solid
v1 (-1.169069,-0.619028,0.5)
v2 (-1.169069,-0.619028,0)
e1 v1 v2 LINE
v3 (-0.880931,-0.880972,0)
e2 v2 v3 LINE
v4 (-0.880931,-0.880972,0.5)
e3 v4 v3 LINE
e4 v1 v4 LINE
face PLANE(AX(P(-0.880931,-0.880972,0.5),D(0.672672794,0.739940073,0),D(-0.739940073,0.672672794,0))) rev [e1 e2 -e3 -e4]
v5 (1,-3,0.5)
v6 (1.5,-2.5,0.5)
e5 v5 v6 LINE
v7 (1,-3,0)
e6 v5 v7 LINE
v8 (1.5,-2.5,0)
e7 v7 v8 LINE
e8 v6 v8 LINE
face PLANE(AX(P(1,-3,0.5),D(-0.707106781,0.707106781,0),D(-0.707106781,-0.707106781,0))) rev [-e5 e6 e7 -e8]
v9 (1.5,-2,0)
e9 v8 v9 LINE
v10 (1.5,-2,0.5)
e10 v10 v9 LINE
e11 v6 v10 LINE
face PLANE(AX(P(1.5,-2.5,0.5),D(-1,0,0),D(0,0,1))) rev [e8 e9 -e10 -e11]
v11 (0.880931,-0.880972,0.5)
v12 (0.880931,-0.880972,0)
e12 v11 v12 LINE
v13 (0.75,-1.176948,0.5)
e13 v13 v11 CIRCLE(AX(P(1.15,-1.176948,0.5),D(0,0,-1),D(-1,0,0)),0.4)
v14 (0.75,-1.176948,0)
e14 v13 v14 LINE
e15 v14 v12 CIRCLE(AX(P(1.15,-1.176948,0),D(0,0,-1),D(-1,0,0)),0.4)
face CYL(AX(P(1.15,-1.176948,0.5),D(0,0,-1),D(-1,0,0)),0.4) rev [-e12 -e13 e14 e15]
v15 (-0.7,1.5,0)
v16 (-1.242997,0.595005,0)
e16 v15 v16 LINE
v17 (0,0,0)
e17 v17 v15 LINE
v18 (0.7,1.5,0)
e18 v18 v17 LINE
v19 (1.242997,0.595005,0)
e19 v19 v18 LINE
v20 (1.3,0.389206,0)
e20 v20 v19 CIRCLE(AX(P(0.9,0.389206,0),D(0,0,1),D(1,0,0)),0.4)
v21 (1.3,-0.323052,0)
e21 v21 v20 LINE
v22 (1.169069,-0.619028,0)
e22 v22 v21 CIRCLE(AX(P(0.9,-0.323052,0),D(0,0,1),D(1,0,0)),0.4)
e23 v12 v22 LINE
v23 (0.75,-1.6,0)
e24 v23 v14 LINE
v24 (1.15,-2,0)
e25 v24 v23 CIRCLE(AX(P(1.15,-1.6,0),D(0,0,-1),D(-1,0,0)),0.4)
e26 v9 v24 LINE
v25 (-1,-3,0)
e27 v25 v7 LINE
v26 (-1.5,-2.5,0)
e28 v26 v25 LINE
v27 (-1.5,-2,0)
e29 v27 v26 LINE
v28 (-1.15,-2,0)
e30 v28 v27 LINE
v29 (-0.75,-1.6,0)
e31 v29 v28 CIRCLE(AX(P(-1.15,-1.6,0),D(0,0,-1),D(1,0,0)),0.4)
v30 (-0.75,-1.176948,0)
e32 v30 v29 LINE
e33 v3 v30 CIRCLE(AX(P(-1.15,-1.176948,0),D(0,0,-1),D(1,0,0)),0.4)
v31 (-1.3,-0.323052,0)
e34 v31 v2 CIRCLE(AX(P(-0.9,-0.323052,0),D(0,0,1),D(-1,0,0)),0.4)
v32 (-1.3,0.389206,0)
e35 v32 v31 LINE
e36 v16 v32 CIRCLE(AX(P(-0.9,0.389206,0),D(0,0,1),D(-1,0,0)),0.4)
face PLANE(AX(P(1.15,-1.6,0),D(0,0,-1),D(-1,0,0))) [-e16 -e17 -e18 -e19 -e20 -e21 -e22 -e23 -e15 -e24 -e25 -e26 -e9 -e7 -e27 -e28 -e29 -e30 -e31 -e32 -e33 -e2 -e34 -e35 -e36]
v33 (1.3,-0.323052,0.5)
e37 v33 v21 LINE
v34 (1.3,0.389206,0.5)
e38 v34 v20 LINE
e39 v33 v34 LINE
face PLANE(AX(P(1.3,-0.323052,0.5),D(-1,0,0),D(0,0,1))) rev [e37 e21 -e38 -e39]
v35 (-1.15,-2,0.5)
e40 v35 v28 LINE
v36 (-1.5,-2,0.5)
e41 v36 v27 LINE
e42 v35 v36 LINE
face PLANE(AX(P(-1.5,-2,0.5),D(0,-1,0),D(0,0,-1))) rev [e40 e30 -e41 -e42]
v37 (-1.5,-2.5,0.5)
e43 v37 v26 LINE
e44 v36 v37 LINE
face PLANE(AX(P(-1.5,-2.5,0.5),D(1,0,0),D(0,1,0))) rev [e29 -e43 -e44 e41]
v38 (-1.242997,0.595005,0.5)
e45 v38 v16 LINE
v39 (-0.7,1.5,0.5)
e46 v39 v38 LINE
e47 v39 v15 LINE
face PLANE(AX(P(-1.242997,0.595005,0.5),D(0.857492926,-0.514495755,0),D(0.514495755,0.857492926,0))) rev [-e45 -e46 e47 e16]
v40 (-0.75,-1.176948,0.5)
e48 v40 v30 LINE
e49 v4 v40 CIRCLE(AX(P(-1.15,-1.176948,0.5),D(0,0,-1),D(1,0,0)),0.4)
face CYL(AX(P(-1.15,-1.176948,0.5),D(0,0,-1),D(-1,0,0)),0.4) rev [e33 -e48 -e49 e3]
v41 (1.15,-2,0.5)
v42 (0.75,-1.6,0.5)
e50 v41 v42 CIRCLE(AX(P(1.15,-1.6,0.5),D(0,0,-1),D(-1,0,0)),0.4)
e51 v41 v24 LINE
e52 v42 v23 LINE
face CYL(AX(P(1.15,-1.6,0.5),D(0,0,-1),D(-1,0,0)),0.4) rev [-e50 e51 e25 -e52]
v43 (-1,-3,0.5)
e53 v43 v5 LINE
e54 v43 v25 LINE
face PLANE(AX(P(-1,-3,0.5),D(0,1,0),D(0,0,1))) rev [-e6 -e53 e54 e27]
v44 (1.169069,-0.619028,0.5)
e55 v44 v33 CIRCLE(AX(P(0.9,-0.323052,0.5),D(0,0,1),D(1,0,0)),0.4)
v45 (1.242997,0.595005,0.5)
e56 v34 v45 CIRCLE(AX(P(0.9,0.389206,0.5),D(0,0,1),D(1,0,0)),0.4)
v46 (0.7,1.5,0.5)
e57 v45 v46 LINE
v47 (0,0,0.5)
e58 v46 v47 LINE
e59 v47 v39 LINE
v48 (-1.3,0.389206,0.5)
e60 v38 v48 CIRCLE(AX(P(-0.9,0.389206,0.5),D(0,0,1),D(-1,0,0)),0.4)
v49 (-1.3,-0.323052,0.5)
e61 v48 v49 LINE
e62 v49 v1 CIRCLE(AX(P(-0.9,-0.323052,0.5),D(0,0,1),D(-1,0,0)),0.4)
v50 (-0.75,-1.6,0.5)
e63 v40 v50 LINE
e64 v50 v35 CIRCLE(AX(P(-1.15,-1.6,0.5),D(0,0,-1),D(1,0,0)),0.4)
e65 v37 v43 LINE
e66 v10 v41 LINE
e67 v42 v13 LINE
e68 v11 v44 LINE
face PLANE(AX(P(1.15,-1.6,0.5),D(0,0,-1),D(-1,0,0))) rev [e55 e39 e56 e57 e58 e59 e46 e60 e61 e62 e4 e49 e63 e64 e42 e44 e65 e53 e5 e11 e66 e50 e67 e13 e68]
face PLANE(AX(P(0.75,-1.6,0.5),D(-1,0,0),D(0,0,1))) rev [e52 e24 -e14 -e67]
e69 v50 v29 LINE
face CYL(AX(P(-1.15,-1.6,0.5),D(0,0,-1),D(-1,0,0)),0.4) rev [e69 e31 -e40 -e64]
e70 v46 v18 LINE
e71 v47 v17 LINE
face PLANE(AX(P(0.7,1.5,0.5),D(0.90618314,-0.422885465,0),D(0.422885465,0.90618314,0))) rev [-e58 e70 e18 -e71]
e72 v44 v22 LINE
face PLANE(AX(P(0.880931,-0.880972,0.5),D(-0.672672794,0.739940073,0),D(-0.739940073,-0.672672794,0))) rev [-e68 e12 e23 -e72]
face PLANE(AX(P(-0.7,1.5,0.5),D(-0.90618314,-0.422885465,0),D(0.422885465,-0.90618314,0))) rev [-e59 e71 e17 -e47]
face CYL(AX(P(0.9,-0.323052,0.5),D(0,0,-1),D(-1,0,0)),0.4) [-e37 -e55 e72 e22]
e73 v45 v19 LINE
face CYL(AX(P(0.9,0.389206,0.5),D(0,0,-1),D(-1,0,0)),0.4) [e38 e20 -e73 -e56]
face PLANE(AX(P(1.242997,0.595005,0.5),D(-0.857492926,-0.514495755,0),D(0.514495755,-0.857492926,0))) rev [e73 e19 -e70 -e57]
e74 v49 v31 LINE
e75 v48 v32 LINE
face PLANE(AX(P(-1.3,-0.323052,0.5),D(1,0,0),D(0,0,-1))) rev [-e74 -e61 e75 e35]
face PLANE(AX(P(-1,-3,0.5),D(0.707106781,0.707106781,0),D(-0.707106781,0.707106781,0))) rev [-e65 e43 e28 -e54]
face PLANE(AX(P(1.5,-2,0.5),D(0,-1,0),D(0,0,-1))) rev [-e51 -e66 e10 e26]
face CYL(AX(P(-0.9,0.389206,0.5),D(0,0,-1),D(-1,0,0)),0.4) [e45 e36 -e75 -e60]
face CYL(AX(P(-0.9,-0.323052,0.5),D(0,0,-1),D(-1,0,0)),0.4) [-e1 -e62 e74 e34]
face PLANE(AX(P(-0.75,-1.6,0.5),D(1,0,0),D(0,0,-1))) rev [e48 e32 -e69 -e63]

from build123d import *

# Parameters (mm, degrees)
ESTRUSIONE_ESTRUSIONE1_DEPTH = 0.5


with BuildPart() as part:
    # Schizzo1 → Estrusione-Estrusione1 (new body)
    with BuildSketch(Plane.XY):
        with BuildLine():
            Line((-1, -3), (1, -3))
            Line((1, -3), (1.5, -2.5))
            Line((1.5, -2.5), (1.5, -2))
            Line((1.5, -2), (1.15, -2))
            ThreePointArc((1.15, -2), (0.867157288, -1.882842712), (0.75, -1.6))
            Line((0.75, -1.6), (0.75, -1.176947954))
            ThreePointArc((0.75, -1.176947954), (0.784194282, -1.015126521), (0.880930882, -0.880971925))
            Line((0.880930882, -0.880971925), (1.169069118, -0.619028075))
            ThreePointArc((1.169069118, -0.619028075), (1.265805718, -0.484873479), (1.3, -0.323052046))
            Line((1.3, -0.323052046), (1.3, 0.389206414))
            ThreePointArc((1.3, 0.389206414), (1.285485971, 0.495979847), (1.24299717, 0.595004716))
            Line((1.24299717, 0.595004716), (0.7, 1.5))
            Line((0.7, 1.5), (0, 0))
            Line((0, 0), (-0.7, 1.5))
            Line((-0.7, 1.5), (-1.24299717, 0.595004716))
            ThreePointArc((-1.24299717, 0.595004716), (-1.285485971, 0.495979847), (-1.3, 0.389206414))
            Line((-1.3, 0.389206414), (-1.3, -0.323052046))
            ThreePointArc((-1.3, -0.323052046), (-1.265805718, -0.484873479), (-1.169069118, -0.619028075))
            Line((-1.169069118, -0.619028075), (-0.880930882, -0.880971925))
            ThreePointArc((-0.880930882, -0.880971925), (-0.784194282, -1.015126521), (-0.75, -1.176947954))
            Line((-0.75, -1.176947954), (-0.75, -1.6))
            ThreePointArc((-0.75, -1.6), (-0.867157288, -1.882842712), (-1.15, -2))
            Line((-1.15, -2), (-1.5, -2))
            Line((-1.5, -2), (-1.5, -2.5))
            Line((-1.5, -2.5), (-1, -3))
        make_face()
    extrude(amount=ESTRUSIONE_ESTRUSIONE1_DEPTH)


solid = part.part
